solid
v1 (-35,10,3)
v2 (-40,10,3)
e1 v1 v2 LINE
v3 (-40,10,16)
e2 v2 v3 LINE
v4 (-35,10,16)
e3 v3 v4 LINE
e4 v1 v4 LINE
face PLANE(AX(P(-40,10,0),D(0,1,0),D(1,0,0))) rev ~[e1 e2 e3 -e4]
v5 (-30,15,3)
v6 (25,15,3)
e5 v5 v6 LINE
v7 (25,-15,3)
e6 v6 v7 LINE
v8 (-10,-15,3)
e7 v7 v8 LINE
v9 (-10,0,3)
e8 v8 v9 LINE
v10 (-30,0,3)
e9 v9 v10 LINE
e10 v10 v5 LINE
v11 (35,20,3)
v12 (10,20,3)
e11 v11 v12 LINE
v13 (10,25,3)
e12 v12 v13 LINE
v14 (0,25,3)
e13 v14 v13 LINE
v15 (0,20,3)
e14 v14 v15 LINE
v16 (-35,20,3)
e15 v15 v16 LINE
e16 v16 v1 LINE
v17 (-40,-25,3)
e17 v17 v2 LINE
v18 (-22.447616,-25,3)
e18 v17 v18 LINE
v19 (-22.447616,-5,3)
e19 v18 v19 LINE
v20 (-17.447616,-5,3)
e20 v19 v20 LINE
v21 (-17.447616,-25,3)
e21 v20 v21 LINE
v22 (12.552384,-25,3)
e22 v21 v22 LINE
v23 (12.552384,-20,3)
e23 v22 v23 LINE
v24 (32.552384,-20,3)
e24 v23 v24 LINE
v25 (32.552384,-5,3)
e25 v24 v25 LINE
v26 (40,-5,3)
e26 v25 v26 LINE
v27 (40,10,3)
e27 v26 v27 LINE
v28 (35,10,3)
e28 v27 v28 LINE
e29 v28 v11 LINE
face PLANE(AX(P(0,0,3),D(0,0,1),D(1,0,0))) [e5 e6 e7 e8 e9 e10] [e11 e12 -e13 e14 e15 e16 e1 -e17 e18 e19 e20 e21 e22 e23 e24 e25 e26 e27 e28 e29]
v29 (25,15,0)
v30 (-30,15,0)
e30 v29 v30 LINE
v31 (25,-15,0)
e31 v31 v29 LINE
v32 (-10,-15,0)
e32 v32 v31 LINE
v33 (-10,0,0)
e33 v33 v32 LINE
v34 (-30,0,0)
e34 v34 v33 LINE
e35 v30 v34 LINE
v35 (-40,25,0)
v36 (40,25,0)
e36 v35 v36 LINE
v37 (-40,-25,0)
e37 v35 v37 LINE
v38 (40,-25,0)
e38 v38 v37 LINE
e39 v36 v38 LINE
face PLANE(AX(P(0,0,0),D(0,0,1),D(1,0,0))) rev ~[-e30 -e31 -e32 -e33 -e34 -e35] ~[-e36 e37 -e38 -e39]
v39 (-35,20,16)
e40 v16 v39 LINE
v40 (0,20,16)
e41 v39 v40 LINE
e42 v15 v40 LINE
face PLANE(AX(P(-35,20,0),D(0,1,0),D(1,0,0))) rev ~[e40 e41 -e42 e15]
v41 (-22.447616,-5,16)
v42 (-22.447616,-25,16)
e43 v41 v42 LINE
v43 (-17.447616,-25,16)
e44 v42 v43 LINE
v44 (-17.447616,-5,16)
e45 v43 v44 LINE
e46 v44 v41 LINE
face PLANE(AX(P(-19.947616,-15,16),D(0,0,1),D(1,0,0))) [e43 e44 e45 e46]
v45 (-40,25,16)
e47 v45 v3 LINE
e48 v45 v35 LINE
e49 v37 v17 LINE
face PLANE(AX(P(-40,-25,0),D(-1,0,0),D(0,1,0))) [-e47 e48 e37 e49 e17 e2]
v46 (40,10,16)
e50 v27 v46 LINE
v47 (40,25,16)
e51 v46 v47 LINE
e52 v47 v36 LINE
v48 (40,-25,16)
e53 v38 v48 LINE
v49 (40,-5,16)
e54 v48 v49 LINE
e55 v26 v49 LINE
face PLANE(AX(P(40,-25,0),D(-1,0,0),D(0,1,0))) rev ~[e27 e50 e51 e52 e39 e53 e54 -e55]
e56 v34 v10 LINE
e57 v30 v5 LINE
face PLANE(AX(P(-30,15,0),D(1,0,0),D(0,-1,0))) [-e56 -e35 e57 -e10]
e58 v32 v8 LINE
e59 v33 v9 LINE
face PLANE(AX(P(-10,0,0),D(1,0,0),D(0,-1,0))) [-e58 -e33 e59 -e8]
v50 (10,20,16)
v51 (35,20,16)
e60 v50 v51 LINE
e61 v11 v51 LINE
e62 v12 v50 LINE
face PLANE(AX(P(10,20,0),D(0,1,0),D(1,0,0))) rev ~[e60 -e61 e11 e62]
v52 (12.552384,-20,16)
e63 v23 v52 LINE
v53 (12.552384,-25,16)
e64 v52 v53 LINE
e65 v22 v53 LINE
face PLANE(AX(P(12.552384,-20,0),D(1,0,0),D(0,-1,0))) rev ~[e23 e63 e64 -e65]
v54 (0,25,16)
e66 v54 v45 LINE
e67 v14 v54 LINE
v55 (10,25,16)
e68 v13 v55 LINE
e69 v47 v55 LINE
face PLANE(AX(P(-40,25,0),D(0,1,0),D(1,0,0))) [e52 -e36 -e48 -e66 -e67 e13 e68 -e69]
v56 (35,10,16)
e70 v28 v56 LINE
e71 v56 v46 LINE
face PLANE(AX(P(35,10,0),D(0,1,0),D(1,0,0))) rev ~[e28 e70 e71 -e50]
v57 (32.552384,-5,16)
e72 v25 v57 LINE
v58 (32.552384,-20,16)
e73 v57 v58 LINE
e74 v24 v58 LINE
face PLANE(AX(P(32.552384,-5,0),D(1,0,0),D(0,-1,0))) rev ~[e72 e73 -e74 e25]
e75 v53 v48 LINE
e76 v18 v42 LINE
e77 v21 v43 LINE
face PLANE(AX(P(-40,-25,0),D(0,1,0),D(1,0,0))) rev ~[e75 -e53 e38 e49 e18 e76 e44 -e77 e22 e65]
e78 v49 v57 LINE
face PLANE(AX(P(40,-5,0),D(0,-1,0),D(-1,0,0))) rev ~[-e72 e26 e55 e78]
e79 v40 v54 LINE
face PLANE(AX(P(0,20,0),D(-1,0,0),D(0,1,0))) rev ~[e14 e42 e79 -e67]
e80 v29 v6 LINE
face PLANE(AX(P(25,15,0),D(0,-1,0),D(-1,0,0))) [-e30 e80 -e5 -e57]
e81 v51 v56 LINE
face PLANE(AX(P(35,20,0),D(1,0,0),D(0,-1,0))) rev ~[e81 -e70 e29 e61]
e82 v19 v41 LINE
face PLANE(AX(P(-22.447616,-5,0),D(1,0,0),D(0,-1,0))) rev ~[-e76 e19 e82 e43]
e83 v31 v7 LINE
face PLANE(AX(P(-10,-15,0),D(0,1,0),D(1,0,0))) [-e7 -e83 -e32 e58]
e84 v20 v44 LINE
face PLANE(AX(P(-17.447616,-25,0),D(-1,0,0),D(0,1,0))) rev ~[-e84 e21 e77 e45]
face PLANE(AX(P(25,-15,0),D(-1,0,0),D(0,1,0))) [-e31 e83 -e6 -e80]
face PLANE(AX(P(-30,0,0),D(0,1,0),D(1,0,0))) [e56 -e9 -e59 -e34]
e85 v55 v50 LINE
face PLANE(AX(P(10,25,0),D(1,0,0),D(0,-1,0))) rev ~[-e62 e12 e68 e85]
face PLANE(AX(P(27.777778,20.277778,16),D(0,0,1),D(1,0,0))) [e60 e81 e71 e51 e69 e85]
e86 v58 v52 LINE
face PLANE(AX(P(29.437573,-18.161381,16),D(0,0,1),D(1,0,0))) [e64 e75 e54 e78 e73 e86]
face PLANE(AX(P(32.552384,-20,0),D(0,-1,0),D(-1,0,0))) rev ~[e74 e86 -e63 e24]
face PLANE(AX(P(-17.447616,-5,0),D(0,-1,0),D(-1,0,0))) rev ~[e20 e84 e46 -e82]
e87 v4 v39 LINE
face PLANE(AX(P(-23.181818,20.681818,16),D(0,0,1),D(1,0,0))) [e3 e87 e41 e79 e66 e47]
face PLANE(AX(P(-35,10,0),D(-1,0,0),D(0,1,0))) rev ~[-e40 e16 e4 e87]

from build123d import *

# Parameters (mm, degrees)
F0_W     = 80
F0_H     = 50
F1_DEPTH = 3
F3_DEPTH = 16
F5_DEPTH = 25


with BuildPart() as f1:
    # F0 (on Top) → F1 (new body)
    with BuildSketch(Plane.XY):
        Rectangle(F0_W, F0_H)
    extrude(amount=F1_DEPTH)

    # F2 (on Top) → F3 (join)
    with BuildSketch(Plane.XY):
        Polygon((-35, 20), (0, 20), (0, 25), (-40, 25), (-40, 10), (-35, 10), align=None)
        Polygon((40, 25), (10, 25), (10, 20), (35, 20), (35, 10), (40, 10), align=None)
        Polygon((40, -25), (40, -5), (32.552384, -5), (32.552384, -20), (12.552384, -20), (12.552384, -25), align=None)
        Polygon((-22.447616, -25), (-17.447616, -25), (-17.447616, -5), (-22.447616, -5), (-22.447616, -20), align=None)
    extrude(amount=F3_DEPTH)


with BuildPart() as f5:
    # F4 (on Top) → F5 (new body)
    with BuildSketch(Plane.XY):
        Polygon((-30, 0), (-10, 0), (-10, -15), (25, -15), (25, 15), (-30, 15), align=None)
    extrude(amount=F5_DEPTH)


with BuildPart() as f1_1:
    add(f1.part)

    # F6: cut F5
    add(f5.part, mode=Mode.SUBTRACT)


solid = f1_1.part
